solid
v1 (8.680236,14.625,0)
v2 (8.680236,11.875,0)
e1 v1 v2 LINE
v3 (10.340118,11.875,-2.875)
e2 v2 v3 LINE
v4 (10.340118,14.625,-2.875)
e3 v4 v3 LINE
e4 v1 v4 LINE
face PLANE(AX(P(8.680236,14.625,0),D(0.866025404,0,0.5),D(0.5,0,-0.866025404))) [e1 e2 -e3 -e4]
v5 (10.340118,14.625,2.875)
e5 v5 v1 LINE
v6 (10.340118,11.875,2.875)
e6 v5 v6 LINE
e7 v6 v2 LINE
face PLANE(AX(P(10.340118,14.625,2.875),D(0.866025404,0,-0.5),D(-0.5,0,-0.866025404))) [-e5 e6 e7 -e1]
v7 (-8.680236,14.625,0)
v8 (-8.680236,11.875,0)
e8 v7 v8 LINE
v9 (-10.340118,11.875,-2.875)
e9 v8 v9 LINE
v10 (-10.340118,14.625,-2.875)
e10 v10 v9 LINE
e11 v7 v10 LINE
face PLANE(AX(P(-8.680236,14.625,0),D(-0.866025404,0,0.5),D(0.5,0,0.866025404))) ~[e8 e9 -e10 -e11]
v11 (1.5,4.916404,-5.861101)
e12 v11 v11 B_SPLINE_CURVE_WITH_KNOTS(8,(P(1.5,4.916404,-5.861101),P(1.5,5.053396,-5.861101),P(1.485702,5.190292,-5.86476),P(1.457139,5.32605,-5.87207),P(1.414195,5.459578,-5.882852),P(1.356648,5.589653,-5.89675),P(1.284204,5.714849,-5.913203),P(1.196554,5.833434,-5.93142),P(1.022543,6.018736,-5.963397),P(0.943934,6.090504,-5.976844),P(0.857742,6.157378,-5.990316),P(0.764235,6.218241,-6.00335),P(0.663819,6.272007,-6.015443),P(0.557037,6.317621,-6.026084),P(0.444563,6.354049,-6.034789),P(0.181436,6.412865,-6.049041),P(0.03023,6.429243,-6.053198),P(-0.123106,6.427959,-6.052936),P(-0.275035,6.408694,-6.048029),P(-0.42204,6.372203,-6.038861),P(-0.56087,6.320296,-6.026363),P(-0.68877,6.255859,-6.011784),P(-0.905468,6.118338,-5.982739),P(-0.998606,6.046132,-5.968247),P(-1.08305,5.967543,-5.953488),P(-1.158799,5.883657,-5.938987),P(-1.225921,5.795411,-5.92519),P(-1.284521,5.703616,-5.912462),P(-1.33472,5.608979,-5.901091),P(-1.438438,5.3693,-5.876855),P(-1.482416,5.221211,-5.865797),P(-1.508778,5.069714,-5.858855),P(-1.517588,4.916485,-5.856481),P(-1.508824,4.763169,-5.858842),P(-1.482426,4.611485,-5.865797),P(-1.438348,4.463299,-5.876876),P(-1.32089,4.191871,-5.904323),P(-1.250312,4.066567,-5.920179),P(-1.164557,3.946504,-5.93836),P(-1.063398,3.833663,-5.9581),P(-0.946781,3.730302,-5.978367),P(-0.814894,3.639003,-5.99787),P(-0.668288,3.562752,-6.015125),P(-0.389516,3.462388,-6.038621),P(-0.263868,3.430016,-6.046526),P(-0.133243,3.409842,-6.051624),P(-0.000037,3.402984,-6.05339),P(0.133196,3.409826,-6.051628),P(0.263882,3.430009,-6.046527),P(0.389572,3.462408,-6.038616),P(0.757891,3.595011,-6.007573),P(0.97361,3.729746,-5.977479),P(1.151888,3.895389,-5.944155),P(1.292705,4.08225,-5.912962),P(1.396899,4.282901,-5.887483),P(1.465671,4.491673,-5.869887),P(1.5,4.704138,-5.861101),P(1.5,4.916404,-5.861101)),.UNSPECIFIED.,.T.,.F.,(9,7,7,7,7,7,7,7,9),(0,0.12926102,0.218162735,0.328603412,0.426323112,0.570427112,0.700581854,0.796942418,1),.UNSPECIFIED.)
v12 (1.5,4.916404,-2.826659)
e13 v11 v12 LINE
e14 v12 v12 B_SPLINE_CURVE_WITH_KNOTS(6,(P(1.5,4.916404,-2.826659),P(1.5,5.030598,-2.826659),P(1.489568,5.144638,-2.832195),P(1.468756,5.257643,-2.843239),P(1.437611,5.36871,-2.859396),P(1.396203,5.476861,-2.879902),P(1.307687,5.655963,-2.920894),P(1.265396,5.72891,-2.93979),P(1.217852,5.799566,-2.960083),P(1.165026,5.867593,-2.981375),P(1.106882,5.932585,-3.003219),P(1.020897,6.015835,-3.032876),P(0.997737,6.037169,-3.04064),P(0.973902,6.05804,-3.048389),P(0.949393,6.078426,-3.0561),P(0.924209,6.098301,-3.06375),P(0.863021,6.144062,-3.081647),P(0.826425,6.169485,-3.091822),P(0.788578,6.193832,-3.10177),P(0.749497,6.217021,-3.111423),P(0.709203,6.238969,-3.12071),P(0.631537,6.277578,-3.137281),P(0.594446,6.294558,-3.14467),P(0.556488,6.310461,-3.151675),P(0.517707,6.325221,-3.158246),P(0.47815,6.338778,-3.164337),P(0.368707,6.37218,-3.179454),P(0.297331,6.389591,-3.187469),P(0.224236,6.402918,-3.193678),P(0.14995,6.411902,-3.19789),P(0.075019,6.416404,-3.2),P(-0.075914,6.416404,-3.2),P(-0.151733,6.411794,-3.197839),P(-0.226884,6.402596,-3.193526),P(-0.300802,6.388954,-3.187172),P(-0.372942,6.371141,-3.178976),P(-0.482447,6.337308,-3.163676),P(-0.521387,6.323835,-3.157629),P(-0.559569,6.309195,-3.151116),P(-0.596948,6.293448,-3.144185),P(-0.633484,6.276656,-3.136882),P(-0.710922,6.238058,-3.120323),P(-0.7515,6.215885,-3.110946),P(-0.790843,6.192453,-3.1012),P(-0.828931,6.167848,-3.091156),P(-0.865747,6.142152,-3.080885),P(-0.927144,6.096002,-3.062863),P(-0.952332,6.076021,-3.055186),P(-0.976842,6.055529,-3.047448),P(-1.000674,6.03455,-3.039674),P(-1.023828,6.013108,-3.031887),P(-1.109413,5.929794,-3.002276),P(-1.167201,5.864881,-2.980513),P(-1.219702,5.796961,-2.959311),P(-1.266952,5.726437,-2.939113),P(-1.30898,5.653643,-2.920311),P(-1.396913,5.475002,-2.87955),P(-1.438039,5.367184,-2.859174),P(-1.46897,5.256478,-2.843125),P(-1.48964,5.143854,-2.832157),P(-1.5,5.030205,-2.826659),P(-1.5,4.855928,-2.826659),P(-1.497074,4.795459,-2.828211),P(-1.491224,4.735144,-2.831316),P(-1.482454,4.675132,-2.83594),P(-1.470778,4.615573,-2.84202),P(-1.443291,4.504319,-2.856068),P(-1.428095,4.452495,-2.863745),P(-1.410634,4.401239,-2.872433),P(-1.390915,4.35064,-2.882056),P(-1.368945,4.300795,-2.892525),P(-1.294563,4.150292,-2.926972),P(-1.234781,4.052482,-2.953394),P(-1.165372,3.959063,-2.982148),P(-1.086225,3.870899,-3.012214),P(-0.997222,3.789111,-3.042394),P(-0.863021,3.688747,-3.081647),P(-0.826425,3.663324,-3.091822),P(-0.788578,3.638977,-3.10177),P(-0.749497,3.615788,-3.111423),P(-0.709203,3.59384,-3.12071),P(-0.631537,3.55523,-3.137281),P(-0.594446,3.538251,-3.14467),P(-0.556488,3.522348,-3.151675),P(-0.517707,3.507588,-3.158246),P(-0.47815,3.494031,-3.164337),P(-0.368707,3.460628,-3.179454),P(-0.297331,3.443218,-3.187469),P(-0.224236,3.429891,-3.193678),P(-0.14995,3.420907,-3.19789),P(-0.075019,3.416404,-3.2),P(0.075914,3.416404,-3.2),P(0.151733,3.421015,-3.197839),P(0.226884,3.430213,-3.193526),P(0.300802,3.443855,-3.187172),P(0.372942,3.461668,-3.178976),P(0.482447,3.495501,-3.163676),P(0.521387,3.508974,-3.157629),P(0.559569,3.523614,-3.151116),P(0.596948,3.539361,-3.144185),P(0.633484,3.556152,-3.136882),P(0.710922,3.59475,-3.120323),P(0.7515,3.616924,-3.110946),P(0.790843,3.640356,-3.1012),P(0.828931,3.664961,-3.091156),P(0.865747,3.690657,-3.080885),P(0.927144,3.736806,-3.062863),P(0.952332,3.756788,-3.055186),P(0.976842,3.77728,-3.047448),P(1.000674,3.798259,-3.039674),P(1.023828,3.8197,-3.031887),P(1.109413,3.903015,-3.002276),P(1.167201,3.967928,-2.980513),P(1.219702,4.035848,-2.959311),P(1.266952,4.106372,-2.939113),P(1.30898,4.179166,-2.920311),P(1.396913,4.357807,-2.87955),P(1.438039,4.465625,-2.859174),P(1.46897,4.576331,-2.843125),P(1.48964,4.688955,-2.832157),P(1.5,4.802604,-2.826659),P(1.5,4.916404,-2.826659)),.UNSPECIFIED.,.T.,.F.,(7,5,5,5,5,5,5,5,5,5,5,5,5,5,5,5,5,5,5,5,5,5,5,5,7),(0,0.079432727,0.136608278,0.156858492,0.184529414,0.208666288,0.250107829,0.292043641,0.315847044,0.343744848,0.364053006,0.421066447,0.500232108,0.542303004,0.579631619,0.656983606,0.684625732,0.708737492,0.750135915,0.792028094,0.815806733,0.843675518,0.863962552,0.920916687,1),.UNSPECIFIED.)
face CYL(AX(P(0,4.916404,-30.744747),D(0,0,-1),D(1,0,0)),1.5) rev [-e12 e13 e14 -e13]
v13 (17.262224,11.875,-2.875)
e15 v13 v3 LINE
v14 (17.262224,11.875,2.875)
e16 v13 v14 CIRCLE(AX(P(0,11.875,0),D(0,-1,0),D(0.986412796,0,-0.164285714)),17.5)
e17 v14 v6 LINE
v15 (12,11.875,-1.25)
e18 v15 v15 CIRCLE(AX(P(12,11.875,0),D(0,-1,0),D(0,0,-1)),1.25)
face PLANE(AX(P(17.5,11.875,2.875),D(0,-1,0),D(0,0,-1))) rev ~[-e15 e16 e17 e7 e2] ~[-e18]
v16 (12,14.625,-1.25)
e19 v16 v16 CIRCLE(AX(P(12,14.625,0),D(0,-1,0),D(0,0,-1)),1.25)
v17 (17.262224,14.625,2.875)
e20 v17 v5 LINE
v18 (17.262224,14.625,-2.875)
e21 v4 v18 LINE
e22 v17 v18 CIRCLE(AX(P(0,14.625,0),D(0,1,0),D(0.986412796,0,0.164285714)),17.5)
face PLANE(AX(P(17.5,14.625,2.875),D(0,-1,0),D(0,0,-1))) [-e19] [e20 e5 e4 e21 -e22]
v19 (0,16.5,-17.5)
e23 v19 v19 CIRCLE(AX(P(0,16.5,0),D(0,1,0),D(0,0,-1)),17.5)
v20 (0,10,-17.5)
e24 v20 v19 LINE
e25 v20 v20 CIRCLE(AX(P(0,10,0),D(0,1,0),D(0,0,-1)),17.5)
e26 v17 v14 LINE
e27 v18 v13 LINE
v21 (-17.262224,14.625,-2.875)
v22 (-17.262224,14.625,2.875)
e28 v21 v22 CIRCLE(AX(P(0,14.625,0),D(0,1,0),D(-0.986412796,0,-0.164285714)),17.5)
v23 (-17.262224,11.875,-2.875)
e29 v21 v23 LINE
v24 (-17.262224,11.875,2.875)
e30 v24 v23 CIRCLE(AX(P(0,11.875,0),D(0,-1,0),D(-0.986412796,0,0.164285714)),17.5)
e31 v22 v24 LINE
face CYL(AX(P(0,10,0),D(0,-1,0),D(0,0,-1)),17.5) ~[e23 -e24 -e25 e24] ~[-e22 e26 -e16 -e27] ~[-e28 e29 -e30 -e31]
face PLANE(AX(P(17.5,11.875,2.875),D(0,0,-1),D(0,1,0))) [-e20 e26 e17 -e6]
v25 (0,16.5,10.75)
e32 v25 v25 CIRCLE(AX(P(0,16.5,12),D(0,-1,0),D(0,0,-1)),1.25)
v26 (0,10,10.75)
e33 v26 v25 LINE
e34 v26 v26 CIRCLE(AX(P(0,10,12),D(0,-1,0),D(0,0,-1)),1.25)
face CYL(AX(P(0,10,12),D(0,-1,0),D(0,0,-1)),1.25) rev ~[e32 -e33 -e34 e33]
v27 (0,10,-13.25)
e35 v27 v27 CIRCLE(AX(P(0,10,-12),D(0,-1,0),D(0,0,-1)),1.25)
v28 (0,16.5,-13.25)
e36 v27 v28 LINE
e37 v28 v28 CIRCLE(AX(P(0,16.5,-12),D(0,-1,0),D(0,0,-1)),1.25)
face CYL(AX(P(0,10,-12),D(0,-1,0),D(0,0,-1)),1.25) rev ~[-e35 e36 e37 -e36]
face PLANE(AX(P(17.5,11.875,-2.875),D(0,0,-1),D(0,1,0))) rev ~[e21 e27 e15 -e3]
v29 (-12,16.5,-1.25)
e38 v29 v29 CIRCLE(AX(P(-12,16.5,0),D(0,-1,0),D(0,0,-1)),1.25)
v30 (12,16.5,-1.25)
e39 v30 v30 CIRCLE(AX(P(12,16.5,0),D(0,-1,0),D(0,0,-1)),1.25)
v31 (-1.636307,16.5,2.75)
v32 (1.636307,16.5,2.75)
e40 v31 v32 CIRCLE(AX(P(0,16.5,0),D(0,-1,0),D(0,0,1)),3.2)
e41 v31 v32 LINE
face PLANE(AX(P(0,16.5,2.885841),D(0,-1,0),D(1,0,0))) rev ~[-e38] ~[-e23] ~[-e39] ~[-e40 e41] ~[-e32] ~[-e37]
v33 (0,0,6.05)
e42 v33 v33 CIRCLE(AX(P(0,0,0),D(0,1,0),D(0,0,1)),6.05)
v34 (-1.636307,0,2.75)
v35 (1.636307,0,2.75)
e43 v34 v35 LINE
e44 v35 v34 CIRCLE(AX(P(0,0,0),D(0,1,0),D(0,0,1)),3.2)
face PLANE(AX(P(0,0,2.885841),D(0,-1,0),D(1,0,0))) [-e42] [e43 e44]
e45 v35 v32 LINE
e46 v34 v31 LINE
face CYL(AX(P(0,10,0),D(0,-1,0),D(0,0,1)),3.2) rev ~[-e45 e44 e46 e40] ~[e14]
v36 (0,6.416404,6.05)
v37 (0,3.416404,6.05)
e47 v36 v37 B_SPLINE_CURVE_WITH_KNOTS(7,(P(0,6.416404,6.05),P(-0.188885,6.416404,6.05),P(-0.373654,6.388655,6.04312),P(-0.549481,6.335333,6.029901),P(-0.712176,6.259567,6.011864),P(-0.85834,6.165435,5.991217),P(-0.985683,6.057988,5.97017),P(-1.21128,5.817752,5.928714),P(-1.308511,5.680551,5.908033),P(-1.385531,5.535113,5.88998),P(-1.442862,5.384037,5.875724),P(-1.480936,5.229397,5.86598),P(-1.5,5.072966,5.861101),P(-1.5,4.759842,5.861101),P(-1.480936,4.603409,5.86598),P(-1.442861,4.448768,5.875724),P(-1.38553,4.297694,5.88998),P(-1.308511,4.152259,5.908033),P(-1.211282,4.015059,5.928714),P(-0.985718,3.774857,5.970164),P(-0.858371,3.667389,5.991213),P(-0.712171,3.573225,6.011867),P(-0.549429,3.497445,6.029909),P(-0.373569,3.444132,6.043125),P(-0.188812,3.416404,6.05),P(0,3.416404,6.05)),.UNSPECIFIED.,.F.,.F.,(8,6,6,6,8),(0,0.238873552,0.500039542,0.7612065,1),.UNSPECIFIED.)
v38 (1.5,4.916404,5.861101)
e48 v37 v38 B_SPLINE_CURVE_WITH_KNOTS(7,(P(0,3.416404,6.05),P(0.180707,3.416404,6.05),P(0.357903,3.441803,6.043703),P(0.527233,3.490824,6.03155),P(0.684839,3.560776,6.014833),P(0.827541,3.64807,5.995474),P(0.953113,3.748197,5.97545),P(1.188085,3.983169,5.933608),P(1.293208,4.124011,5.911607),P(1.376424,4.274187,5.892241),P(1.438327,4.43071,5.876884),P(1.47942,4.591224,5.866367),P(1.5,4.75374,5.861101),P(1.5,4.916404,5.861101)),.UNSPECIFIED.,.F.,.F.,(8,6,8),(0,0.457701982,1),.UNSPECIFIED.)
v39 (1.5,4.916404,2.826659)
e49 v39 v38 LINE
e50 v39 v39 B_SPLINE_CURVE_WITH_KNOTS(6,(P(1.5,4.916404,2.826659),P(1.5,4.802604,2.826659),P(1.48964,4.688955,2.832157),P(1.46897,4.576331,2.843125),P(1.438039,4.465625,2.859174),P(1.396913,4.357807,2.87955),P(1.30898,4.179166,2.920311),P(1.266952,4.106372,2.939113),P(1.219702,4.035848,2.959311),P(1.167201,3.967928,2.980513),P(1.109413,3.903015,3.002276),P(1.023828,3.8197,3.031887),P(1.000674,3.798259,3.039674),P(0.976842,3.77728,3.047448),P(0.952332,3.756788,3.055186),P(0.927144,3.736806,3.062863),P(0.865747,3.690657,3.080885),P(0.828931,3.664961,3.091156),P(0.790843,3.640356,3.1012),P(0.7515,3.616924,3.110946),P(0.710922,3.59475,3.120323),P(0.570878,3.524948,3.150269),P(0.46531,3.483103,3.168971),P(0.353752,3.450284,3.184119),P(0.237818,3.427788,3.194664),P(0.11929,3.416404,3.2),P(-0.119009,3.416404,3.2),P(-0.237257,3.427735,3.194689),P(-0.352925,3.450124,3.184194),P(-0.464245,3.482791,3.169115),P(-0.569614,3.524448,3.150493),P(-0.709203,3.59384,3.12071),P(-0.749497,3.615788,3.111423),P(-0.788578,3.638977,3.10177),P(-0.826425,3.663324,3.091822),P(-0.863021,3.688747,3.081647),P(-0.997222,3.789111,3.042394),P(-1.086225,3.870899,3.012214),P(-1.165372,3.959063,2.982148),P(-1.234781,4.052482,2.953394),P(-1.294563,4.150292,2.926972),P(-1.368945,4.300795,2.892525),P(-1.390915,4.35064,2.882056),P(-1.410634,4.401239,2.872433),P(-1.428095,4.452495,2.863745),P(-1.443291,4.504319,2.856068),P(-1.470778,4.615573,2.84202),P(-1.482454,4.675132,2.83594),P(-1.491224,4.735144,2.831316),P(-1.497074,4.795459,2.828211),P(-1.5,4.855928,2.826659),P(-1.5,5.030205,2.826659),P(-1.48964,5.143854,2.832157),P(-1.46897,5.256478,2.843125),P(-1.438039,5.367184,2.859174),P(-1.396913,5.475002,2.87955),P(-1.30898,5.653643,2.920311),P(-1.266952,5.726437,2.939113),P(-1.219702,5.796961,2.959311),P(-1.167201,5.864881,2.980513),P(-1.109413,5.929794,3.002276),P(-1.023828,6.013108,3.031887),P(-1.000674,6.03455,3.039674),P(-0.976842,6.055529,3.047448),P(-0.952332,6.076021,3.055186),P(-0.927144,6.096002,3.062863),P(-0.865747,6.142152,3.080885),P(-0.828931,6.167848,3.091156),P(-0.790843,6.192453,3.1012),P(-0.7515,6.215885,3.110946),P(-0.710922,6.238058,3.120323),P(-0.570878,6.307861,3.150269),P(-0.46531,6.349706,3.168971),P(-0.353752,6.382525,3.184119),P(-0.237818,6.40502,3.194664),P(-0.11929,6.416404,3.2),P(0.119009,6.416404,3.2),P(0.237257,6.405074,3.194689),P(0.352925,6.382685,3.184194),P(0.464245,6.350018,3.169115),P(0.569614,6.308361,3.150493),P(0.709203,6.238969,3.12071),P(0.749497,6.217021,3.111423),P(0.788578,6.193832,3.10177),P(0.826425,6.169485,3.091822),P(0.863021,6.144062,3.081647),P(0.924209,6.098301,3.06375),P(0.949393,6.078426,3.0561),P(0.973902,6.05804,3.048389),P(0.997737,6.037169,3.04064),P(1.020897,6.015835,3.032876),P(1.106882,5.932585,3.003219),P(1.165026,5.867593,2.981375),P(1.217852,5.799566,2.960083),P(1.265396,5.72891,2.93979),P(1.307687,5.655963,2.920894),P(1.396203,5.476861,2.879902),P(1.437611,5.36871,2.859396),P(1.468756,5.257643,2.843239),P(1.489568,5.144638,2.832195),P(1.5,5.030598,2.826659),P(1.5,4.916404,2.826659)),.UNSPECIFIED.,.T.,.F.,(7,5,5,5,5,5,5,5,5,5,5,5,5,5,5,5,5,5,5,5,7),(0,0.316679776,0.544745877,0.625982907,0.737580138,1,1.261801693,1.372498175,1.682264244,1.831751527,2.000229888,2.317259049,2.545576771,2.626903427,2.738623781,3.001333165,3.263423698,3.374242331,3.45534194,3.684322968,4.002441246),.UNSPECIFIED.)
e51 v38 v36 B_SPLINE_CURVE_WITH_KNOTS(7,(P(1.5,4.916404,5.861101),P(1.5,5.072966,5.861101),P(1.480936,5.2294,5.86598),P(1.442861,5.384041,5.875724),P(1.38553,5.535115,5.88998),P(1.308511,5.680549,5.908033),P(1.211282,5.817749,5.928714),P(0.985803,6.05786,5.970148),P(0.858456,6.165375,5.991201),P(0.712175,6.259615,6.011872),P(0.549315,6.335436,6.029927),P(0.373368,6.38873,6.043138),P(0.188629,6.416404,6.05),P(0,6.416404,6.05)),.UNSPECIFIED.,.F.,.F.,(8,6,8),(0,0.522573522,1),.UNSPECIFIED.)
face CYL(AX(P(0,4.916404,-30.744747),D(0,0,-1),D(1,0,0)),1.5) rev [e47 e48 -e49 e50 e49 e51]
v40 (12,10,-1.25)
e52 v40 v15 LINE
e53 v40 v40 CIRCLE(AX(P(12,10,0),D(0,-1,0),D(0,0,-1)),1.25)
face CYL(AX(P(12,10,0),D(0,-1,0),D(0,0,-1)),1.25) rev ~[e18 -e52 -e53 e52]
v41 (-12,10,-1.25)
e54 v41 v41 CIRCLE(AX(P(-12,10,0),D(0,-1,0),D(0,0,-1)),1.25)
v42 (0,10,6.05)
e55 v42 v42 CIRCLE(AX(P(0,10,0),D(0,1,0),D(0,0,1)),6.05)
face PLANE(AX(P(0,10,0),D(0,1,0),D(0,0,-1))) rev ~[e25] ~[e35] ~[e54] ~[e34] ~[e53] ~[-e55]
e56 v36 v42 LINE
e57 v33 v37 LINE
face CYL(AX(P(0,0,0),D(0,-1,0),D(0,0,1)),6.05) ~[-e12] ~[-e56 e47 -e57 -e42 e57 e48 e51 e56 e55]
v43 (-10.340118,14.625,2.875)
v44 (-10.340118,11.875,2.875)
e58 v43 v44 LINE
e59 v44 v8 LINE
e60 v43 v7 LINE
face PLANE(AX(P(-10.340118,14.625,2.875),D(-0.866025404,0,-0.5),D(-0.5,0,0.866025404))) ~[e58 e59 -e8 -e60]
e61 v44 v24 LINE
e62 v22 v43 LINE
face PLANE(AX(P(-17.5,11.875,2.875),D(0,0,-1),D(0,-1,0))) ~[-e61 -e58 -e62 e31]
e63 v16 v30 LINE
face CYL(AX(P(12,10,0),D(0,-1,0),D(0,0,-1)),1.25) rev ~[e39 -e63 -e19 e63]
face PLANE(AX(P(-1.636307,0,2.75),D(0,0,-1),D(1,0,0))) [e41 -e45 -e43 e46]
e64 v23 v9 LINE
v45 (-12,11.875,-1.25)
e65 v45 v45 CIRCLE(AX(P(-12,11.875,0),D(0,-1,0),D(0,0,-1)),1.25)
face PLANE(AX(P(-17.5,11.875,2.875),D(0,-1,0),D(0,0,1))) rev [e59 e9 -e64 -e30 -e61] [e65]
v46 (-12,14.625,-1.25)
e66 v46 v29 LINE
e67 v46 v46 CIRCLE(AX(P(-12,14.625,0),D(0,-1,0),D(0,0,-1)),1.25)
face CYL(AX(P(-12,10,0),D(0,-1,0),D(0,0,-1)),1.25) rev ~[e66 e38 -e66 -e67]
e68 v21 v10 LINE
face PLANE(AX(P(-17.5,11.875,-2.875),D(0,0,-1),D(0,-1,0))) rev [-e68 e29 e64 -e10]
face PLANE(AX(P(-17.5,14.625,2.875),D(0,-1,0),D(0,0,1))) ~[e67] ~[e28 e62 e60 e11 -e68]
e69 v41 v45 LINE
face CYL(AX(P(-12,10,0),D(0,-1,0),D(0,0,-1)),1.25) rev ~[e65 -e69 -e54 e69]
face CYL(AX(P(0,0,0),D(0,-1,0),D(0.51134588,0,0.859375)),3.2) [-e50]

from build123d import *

# Parameters (mm, degrees)
SKETCH1_R                      = 6.05
SKETCH1_R_2                    = 3.05
BOSS_EXTRUDE1_DEPTH            = 10
SKETCH2_R                      = 17.5
BOSS_EXTRUDE2_DEPTH            = 6.5
CUT_EXTRUDE1_REACH             = 28.693
SKETCH3_R                      = 1.25
CUT_EXTRUDE2_DEPTH             = 30.744747435
CUT_EXTRUDE2_DEPTH_BACK        = 30.744747435
SKETCH4_R                      = 1.5
CUT_EXTRUDE3_REACH             = 28.693
SKETCH6_R                      = 3.2
CUT_EXTRUDE3_DIRECTION_2_REACH = 28.693
BOSS_EXTRUDE3_DEPTH            = 16.5
SKETCH8_W                      = 5.75
SKETCH8_H                      = 2.75
CUT_EXTRUDE4_DEPTH             = 5
CUT_EXTRUDE5_DEPTH             = 2.75


with BuildPart() as part:
    # Sketch1 → Boss-Extrude1 (new body)
    with BuildSketch(Plane(origin=(0, 0, 0), x_dir=(1, 0, 0), z_dir=(0, 1, 0))):
        with Locations(Location((0, 0, 0), (0, 0, 270))):
            Circle(SKETCH1_R)
        with Locations(Location((0, 0, 0), (0, 0, 270))):
            Circle(SKETCH1_R_2, mode=Mode.SUBTRACT)
    extrude(amount=BOSS_EXTRUDE1_DEPTH)

    # Sketch2 → Boss-Extrude2 (add)
    with BuildSketch(Plane(origin=(0, 10, 0), x_dir=(1, 0, 0), z_dir=(0, 1, 0))):
        with Locations(Location((0, 0, 0), (0, 0, 90))):
            Circle(SKETCH2_R)
    extrude(amount=BOSS_EXTRUDE2_DEPTH)

    # Sketch3 → Cut-Extrude1 (cut, up to next)
    with BuildSketch(Plane.XZ.offset(-10), mode=Mode.PRIVATE) as cut_extrude1_sk1:
        with Locations(Location((12, 0, 0), (0, 0, 270))):
            Circle(SKETCH3_R)
    cut_extrude1_tool1 = extrude(cut_extrude1_sk1.sketch, amount=-CUT_EXTRUDE1_REACH, mode=Mode.PRIVATE) & part.part
    # Sketch3 → Cut-Extrude1 (cut, up to next)
    with BuildSketch(Plane.XZ.offset(-10), mode=Mode.PRIVATE) as cut_extrude1_sk2:
        with Locations(Location((0, -12, 0), (0, 0, 270))):
            Circle(SKETCH3_R)
    cut_extrude1_tool2 = extrude(cut_extrude1_sk2.sketch, amount=-CUT_EXTRUDE1_REACH, mode=Mode.PRIVATE) & part.part
    # Sketch3 → Cut-Extrude1 (cut, up to next)
    with BuildSketch(Plane.XZ.offset(-10), mode=Mode.PRIVATE) as cut_extrude1_sk3:
        with Locations(Location((-12, 0, 0), (0, 0, 270))):
            Circle(SKETCH3_R)
    cut_extrude1_tool3 = extrude(cut_extrude1_sk3.sketch, amount=-CUT_EXTRUDE1_REACH, mode=Mode.PRIVATE) & part.part
    # Sketch3 → Cut-Extrude1 (cut, up to next)
    with BuildSketch(Plane.XZ.offset(-10), mode=Mode.PRIVATE) as cut_extrude1_sk4:
        with Locations(Location((0, 12, 0), (0, 0, 270))):
            Circle(SKETCH3_R)
    cut_extrude1_tool4 = extrude(cut_extrude1_sk4.sketch, amount=-CUT_EXTRUDE1_REACH, mode=Mode.PRIVATE) & part.part
    add(cut_extrude1_tool1.solids().sort_by_distance((12, 10, 0))[0], mode=Mode.SUBTRACT)
    add(cut_extrude1_tool2.solids().sort_by_distance((0, 10, -12))[0], mode=Mode.SUBTRACT)
    add(cut_extrude1_tool3.solids().sort_by_distance((-12, 10, 0))[0], mode=Mode.SUBTRACT)
    add(cut_extrude1_tool4.solids().sort_by_distance((0, 10, 12))[0], mode=Mode.SUBTRACT)

    # Sketch4 → Cut-Extrude2 (cut, two sides: drawn at the far end of the back side and taken through both)
    with BuildSketch(Plane.XY.offset(-CUT_EXTRUDE2_DEPTH_BACK)):
        with Locations((0, 4.916404418)):
            Circle(SKETCH4_R)
    extrude(amount=CUT_EXTRUDE2_DEPTH + CUT_EXTRUDE2_DEPTH_BACK, mode=Mode.SUBTRACT)

    # Sketch6 → Cut-Extrude3 (cut, up to next)
    with BuildSketch(Plane(origin=(0, 10, 0), x_dir=(-1, 0, 0), z_dir=(0, -1, 0)), mode=Mode.PRIVATE) as cut_extrude3_sk1:
        with Locations(Location((0, 0, 0), (0, 0, 270))):
            Circle(SKETCH6_R)
    cut_extrude3_tool1 = extrude(cut_extrude3_sk1.sketch, amount=-CUT_EXTRUDE3_REACH, mode=Mode.PRIVATE) & part.part
    add(cut_extrude3_tool1.solids().sort_by_distance((0, 10, 0))[0], mode=Mode.SUBTRACT)

    # Sketch6 → Cut-Extrude3 direction 2 (cut, up to next)
    with BuildSketch(Plane(origin=(0, 10, 0), x_dir=(-1, 0, 0), z_dir=(0, -1, 0)), mode=Mode.PRIVATE) as cut_extrude3_direction_2_sk1:
        with Locations(Location((0, 0, 0), (0, 0, 270))):
            Circle(SKETCH6_R)
    cut_extrude3_direction_2_tool1 = extrude(cut_extrude3_direction_2_sk1.sketch, amount=CUT_EXTRUDE3_DIRECTION_2_REACH, mode=Mode.PRIVATE) & part.part
    add(cut_extrude3_direction_2_tool1.solids().sort_by_distance((0, 10, 0))[0], mode=Mode.SUBTRACT)

    # Sketch7 → Boss-Extrude3 (add)
    with BuildSketch(Plane.XZ):
        with BuildLine():
            Line((-1.636306817, 2.75), (1.636306817, 2.75))
            ThreePointArc((1.636306817, 2.75), (0, 3.2), (-1.636306817, 2.75))
        make_face()
    extrude(amount=-BOSS_EXTRUDE3_DEPTH)

    # Sketch8 → Cut-Extrude4 (cut)
    with BuildSketch(Plane(origin=(17.5, 0, 0), x_dir=(0, 0, -1), z_dir=(1, 0, 0))):
        with Locations((0, 13.25)):
            Rectangle(SKETCH8_W, SKETCH8_H)
    cut_extrude4 = extrude(amount=-CUT_EXTRUDE4_DEPTH, mode=Mode.SUBTRACT)

    # Sketch9 → Cut-Extrude5 (cut)
    with BuildSketch(Plane.XZ.offset(-14.625)):
        Polygon((15.319764048, 0), (13.659882024, 2.875), (10.340117976, 2.875), (8.680235952, 0), (10.340117976, -2.875), (13.659882024, -2.875), align=None)
    cut_extrude5 = extrude(amount=CUT_EXTRUDE5_DEPTH, mode=Mode.SUBTRACT)

    # Mirror1: Cut-Extrude4, Cut-Extrude5 across plane
    add(cut_extrude4.mirror(Plane(origin=(0, 0, 0), x_dir=(0, 0, 1), z_dir=(1, 0, 0))), mode=Mode.SUBTRACT)
    add(cut_extrude5.mirror(Plane(origin=(0, 0, 0), x_dir=(0, 0, 1), z_dir=(1, 0, 0))), mode=Mode.SUBTRACT)


solid = part.part
